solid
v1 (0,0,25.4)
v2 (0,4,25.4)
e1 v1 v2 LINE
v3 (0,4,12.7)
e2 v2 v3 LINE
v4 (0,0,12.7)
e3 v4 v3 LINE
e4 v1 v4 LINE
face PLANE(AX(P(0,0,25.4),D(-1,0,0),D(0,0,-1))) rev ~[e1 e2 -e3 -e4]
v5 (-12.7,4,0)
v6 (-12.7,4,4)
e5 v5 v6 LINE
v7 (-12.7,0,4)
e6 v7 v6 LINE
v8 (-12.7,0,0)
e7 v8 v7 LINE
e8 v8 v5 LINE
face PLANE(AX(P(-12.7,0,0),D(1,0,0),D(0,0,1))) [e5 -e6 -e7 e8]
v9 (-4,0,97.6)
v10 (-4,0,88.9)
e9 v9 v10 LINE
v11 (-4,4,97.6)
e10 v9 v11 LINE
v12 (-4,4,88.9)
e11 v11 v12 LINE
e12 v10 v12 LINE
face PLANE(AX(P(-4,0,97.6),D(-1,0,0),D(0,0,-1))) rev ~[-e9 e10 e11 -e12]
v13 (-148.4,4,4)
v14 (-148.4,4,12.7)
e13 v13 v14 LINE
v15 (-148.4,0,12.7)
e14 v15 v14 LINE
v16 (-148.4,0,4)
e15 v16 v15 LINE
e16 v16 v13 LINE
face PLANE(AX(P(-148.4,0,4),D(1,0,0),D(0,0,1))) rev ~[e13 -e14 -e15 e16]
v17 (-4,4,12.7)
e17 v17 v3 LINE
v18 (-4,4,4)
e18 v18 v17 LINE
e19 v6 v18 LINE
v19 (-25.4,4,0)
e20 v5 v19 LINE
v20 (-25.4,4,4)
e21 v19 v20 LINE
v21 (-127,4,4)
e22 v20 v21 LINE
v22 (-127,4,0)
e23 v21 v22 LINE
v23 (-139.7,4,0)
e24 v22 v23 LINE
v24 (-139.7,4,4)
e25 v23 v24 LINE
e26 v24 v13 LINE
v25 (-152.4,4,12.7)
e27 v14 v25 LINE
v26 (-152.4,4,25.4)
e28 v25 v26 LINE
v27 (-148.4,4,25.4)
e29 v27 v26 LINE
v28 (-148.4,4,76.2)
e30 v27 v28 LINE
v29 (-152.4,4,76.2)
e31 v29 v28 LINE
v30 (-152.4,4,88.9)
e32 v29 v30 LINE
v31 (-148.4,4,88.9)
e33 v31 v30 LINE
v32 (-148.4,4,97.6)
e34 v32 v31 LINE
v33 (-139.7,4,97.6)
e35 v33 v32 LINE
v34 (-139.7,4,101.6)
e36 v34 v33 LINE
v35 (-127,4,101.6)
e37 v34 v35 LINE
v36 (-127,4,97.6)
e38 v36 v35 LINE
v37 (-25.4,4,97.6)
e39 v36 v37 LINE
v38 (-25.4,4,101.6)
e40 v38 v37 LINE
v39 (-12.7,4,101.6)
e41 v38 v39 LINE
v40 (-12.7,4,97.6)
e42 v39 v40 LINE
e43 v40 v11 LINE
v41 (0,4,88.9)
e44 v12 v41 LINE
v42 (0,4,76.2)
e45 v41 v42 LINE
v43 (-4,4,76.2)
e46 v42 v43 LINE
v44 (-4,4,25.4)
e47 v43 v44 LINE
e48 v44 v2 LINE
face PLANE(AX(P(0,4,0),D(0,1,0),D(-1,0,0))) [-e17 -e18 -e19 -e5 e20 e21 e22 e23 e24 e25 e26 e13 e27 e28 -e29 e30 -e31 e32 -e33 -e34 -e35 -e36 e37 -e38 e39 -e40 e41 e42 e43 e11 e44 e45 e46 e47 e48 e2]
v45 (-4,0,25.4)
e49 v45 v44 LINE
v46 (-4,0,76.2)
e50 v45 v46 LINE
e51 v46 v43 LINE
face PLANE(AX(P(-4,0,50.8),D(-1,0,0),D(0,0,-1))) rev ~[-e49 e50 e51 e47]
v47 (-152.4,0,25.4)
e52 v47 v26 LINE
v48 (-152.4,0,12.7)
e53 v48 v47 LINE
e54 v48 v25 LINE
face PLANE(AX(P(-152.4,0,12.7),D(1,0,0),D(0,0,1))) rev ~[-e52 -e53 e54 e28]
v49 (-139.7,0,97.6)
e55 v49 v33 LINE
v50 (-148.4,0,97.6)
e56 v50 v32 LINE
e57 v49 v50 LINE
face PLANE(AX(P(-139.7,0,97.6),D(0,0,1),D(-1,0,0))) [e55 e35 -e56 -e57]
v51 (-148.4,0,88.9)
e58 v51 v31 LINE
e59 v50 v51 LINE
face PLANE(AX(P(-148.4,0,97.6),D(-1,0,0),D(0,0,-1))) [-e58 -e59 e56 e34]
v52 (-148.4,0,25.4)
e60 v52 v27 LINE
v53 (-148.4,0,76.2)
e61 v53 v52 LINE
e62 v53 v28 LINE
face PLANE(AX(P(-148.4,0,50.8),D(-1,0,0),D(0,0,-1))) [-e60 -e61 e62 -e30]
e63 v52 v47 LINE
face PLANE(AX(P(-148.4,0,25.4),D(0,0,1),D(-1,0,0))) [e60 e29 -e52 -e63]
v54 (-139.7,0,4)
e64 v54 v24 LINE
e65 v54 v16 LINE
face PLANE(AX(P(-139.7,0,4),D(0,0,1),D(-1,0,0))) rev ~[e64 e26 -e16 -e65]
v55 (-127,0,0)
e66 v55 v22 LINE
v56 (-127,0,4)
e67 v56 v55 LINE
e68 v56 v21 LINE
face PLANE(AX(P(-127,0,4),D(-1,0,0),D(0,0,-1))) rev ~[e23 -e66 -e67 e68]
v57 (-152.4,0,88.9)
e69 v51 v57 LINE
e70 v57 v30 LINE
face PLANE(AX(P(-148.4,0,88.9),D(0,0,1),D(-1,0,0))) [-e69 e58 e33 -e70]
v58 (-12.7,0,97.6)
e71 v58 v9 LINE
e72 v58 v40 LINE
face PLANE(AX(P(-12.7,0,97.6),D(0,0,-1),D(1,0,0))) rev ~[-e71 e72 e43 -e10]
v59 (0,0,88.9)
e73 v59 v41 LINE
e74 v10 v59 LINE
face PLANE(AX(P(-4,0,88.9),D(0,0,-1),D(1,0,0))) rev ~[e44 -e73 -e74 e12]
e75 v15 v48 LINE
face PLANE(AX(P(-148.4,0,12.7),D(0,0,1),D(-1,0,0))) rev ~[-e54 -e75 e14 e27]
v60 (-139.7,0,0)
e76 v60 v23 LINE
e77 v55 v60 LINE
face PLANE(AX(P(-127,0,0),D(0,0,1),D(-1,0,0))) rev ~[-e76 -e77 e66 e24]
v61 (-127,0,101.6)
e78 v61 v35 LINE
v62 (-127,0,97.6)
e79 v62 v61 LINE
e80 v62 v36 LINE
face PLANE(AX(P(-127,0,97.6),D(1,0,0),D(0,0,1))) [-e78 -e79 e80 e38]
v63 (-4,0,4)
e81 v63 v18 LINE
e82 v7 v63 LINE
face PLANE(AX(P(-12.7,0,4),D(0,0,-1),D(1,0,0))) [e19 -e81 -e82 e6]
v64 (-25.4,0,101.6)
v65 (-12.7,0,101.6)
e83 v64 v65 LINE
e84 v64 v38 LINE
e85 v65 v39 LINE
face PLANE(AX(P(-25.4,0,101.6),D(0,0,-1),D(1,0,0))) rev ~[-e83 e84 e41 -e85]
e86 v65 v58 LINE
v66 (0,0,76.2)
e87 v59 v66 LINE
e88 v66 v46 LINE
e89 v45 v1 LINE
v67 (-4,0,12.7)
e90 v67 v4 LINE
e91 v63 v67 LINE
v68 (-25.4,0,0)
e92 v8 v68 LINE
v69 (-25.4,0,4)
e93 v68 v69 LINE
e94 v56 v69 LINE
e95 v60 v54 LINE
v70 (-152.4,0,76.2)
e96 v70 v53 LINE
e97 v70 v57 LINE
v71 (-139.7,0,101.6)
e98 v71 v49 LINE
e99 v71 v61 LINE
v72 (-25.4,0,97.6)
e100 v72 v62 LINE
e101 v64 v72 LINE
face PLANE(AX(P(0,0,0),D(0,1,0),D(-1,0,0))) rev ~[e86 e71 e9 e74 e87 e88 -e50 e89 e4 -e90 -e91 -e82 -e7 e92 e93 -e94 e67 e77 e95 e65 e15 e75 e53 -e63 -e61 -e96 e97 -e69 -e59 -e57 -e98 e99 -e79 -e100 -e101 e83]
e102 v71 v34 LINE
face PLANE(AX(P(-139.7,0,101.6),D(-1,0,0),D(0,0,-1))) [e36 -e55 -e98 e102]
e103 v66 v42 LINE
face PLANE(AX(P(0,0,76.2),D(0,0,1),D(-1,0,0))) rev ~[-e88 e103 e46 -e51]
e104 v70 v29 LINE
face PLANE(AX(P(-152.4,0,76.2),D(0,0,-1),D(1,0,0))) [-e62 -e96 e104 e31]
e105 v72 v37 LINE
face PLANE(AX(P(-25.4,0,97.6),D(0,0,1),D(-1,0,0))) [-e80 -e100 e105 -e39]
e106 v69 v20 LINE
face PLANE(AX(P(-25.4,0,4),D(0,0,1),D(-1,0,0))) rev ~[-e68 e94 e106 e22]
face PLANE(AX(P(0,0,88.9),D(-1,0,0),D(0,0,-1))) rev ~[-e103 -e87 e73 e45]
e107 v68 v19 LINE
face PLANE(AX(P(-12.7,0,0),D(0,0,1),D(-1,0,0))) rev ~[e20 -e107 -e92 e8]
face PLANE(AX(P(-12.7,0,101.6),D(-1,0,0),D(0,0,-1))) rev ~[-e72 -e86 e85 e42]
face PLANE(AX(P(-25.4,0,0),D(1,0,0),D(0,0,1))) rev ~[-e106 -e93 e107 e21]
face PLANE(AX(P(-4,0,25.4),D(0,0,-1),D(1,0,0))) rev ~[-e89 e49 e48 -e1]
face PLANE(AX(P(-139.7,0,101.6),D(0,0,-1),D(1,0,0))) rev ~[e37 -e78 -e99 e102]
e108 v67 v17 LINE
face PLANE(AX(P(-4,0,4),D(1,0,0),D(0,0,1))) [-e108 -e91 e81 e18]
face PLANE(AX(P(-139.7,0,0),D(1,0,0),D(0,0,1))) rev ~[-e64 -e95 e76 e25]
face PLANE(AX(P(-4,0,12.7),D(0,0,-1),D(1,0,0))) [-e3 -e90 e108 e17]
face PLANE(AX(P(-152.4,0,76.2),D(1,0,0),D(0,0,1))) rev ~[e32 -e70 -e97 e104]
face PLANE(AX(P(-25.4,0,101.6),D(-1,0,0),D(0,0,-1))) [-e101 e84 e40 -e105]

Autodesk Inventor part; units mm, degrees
ref_plane "YZ Plane" through (0, 0, 0) normal (1, 0, 0) x (0, 1, 0)
ref_plane "XZ Plane" through (0, 0, 0) normal (0, 1, 0) x (-1, 0, 0)
ref_plane "XY Plane" through (0, 0, 0) normal (0, 0, 1) x (1, 0, 0)
sketch "Sketch1" plane through (0, 0, 0) normal (0, 1, 0) x (-1, 0, 0)
  line L0 (0, 0) -> (152.4, 0)
  line L1 (152.4, 0) -> (152.4, 101.6)
  line L2 (152.4, 101.6) -> (0, 101.6)
  line L3 (0, 101.6) -> (0, 0)
  line L4 (152.4, 0) -> (139.7, 0)
  line L5 (139.7, 0) -> (139.7, 4)
  line L6 (139.7, 4) -> (152.4, 4)
  line L7 (152.4, 4) -> (152.4, 0)
  line L8 (0, 0) -> (12.7, 0)
  line L9 (12.7, 0) -> (12.7, 4)
  line L10 (12.7, 4) -> (0, 4)
  line L11 (0, 4) -> (0, 0)
  line L12 (127, 0) -> (25.4, 0)
  line L13 (25.4, 0) -> (25.4, 4)
  line L14 (25.4, 4) -> (127, 4)
  line L15 (127, 4) -> (127, 0)
  line L16 (152.4, 50.8) -> (0, 50.8)
  line L17 (139.7, 101.6) -> (139.7, 97.6)
  line L18 (139.7, 97.6) -> (152.4, 97.6)
  line L19 (12.7, 101.6) -> (12.7, 97.6)
  line L20 (12.7, 97.6) -> (0, 97.6)
  line L21 (25.4, 101.6) -> (25.4, 97.6)
  line L22 (25.4, 97.6) -> (127, 97.6)
  line L23 (127, 97.6) -> (127, 101.6)
  line L24 (152.4, 101.6) -> (148.4, 101.6)
  line L25 (148.4, 101.6) -> (148.4, 88.9)
  line L26 (148.4, 88.9) -> (152.4, 88.9)
  line L27 (152.4, 88.9) -> (152.4, 101.6)
  line L28 (152.4, 0) -> (148.4, 0)
  line L29 (148.4, 0) -> (148.4, 12.7)
  line L30 (148.4, 12.7) -> (152.4, 12.7)
  line L31 (152.4, 12.7) -> (152.4, 0)
  line L32 (152.4, 76.2) -> (148.4, 76.2)
  line L33 (148.4, 76.2) -> (148.4, 25.4)
  line L34 (148.4, 25.4) -> (152.4, 25.4)
  line L35 (152.4, 25.4) -> (152.4, 76.2)
  line L36 (76.2, 97.6) -> (76.2, 4)
  line L37 (4, 101.6) -> (4, 88.9)
  line L38 (4, 88.9) -> (0, 88.9)
  line L39 (4, 0) -> (4, 12.7)
  line L40 (4, 12.7) -> (0, 12.7)
  line L41 (0, 76.2) -> (4, 76.2)
  line L42 (4, 76.2) -> (4, 25.4)
  line L43 (4, 25.4) -> (0, 25.4)
  point P0 (12.7, 2)
  point P1 (25.4, 2)
  point P2 (150.4, 12.7)
  point P3 (150.4, 25.4)
  point P4 (150.4, 88.9)
  point P5 (150.4, 76.2)
  point P6 (148.4, 97.6)
  point P7 (4, 97.6)
  point P8 (4, 4)
  point P9 (25.4, 0)
  point P10 (148.4, 4)
  dimension "d0" = 152.4
  dimension "d1" = 101.6
  dimension "d2" = 12.7
  dimension "d3" = 4
  dimension "d4" = 12.7
  dimension "d5" = 4
  dimension "d6" = 4
  dimension "d7" = 12.7
  dimension "d8" = 12.7
  dimension "d9" = 4
  dimension "d10" = 12.7
  dimension "d11" = 4
  dimension "d12" = 12.7
  dimension "d13" = 4
  dimension "d14" = 12.7
  dimension "d15" = 12.7
extrude "Extrusion1" add sketch "Sketch1" along normal blind 4 contours L9 L10 L39 L40 L3 L43 L42 L16 L36 L14 L13 L0 | L15 L14 L36 L16 L33 L34 L1 L30 L29 L6 L5 L0 | L3 L38 L37 L20 L19 L2 L21 L22 L36 L16 L42 L41 | L36 L22 L23 L2 L17 L18 L25 L26 L1 L32 L33 L16
ref_plane "Work Plane1" through (-127, 0, 50.8) normal (0, 0, 1) x (1, 0, 0)
ref_plane "Work Plane2" through (-76.2, 0, 25.4) normal (-1, 0, 0) x (0, 0, 1)
properties part number "Bottom Panel" material "Wood (Birch)"
